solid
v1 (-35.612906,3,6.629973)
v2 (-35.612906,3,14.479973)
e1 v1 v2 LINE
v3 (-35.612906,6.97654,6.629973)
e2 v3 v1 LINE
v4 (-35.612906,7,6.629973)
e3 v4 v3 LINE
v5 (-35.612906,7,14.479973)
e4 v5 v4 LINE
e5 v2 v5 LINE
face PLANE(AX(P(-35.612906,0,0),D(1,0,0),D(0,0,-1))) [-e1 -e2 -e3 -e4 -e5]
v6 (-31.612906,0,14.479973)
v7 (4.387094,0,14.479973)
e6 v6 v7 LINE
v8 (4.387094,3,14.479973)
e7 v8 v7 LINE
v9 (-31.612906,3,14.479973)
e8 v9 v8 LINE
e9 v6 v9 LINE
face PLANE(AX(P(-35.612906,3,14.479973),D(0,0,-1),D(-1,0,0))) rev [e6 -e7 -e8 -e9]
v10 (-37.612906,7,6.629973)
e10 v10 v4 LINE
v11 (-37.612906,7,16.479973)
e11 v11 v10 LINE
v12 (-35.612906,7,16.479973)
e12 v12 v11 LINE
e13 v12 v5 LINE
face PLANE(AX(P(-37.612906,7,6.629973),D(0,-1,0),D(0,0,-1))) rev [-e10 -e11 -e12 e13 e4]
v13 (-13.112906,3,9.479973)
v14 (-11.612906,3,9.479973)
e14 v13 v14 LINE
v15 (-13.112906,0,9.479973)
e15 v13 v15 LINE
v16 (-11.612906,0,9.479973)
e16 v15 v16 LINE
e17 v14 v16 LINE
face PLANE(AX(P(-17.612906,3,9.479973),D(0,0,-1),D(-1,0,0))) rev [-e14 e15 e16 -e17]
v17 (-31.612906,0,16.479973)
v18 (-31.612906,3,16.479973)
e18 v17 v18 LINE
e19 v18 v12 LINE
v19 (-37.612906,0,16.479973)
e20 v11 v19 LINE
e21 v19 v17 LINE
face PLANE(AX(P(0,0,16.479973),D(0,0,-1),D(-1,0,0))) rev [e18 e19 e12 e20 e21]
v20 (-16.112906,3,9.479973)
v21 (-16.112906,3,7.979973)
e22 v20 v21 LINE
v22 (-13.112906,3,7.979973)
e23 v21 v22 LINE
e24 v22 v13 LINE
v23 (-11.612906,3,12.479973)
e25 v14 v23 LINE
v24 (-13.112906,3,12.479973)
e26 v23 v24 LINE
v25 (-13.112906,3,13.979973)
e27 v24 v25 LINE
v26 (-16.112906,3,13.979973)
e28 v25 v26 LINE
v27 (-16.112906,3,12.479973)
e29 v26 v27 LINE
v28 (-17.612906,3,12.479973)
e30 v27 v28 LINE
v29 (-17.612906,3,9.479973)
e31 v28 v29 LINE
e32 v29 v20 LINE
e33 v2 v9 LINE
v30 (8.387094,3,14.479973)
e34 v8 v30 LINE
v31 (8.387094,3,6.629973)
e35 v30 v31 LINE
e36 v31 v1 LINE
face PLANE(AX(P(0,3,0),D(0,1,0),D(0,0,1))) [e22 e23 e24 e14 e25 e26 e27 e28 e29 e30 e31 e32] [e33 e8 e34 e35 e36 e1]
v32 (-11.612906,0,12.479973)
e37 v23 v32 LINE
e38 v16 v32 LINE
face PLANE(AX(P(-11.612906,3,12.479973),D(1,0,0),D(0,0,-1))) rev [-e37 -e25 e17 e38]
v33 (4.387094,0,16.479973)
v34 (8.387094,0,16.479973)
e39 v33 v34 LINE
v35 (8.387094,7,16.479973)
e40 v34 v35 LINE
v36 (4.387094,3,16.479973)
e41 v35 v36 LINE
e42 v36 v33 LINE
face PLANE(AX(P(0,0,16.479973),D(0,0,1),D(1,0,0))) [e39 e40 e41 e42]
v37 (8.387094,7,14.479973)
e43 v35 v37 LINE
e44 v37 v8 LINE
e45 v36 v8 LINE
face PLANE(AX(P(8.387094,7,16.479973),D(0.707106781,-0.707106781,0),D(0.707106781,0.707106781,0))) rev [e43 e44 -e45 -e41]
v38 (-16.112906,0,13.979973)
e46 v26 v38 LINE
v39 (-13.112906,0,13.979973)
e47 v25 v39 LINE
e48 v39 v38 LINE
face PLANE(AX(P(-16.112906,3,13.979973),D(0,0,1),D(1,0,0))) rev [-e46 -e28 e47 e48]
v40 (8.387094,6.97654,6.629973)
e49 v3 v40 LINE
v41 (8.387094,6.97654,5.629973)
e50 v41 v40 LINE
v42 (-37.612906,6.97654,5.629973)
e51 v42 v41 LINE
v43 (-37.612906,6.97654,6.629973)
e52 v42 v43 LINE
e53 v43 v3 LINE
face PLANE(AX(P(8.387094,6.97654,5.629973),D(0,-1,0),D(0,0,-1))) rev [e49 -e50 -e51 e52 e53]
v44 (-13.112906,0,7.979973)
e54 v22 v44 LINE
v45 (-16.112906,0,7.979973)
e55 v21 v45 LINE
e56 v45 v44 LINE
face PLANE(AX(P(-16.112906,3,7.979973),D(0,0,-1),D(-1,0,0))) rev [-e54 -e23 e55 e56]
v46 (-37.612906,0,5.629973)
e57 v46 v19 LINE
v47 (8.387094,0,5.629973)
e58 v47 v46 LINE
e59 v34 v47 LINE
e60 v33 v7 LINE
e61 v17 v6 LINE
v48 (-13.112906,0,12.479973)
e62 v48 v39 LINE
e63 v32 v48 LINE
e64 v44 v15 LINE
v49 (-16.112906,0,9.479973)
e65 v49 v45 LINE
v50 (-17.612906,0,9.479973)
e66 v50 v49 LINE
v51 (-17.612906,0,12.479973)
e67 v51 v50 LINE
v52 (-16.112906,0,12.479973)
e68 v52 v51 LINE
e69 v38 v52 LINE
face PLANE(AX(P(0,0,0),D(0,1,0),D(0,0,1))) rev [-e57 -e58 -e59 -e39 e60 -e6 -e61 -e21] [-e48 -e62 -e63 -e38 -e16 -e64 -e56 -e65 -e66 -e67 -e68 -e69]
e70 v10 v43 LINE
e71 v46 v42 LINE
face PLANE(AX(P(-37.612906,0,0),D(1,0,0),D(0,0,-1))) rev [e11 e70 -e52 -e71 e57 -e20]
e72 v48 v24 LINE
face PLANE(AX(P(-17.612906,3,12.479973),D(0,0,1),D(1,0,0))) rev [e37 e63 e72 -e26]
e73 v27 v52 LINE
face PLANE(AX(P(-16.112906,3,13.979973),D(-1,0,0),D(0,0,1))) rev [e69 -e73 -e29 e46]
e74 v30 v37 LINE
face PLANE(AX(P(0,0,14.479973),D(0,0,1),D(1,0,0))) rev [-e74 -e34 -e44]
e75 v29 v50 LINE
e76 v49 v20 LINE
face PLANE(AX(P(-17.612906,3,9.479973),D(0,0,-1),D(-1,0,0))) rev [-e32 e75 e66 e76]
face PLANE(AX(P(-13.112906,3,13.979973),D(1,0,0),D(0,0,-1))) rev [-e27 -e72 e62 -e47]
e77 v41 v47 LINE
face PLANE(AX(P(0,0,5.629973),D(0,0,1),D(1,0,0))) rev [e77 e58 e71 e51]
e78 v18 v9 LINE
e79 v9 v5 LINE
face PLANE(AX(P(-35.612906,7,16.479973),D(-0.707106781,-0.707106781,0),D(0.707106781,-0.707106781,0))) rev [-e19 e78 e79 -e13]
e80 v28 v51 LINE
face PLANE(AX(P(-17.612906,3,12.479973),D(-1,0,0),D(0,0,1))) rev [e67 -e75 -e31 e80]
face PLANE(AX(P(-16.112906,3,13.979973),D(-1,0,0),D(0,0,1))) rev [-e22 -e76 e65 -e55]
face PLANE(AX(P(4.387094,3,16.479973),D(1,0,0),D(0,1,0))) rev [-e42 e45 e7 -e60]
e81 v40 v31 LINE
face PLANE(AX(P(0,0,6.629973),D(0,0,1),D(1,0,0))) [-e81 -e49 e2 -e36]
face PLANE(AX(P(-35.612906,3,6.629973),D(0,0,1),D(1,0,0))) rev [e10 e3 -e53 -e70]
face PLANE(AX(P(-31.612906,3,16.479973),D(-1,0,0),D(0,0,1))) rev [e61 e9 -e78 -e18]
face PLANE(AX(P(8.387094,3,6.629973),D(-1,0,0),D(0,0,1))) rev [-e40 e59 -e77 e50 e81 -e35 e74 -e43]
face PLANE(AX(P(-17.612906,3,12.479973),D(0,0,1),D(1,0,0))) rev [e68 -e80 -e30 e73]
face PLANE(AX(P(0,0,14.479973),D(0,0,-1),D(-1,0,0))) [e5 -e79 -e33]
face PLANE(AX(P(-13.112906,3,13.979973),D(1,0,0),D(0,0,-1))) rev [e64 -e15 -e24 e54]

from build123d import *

# Parameters (mm, degrees)
SKETCH_1_W          = 44
SKETCH_1_H          = 7.85
EXTRUDE_1_DEPTH     = 3
SKETCH_2_W          = 7.85
SKETCH_2_H          = 7
EXTRUDE_2_DEPTH     = 2
EXTRUDE_3_DEPTH     = 2
EXTRUDE_4_DEPTH     = 2
SKETCH_5_W          = 46
SKETCH_5_H          = 6.976539996
EXTRUDE_5_DEPTH     = 1
SKETCH_6_W          = 6
SKETCH_6_H          = 3
CUT_EXTRUDE_3_DEPTH = 3
SKETCH_8_W          = 3
SKETCH_8_H          = 6
CUT_EXTRUDE_4_DEPTH = 3


with BuildPart() as part:
    # 草图1 → 凸台-拉伸1 (new body)
    with BuildSketch(Plane(origin=(0, 0, 0), x_dir=(1, 0, 0), z_dir=(0, 1, 0))):
        with Locations((-13.612906347, -10.55497291)):
            Rectangle(SKETCH_1_W, SKETCH_1_H)
    extrude(amount=EXTRUDE_1_DEPTH)

    # 草图2 → 凸台-拉伸2 (add)
    with BuildSketch(Plane.ZY.offset(35.612906347)):
        with Locations((10.55497291, 3.5)):
            Rectangle(SKETCH_2_W, SKETCH_2_H)
    extrude(amount=EXTRUDE_2_DEPTH)

    # 草图3 → 凸台-拉伸3 (add)
    with BuildSketch(Plane.XY.offset(14.47997291)):
        Polygon((-35.612906347, 7), (-31.612906347, 3), (-31.612906347, 0), (-35.612906347, 0), (-37.612906347, 0), (-37.612906347, 7), align=None)
    extrude(amount=EXTRUDE_3_DEPTH)

    # 草图4 → 凸台-拉伸4 (add)
    with BuildSketch(Plane.XY.offset(14.47997291)):
        Polygon((8.387093653, 0), (8.387093653, 7), (4.387093653, 3), (4.387093653, 0), align=None)
    extrude(amount=EXTRUDE_4_DEPTH)

    # 草图5 → 凸台-拉伸5 (add)
    with BuildSketch(Plane(origin=(0, 0, 6.62997291), x_dir=(-1, 0, 0), z_dir=(0, 0, -1))):
        with Locations((14.612906347, 3.488269998)):
            Rectangle(SKETCH_5_W, SKETCH_5_H)
    extrude(amount=EXTRUDE_5_DEPTH)

    # 草图6 → 切除-拉伸3 (cut)
    with BuildSketch(Plane.XZ):
        with Locations((-14.612906347, 10.97997291)):
            Rectangle(SKETCH_6_W, SKETCH_6_H)
    extrude(amount=-CUT_EXTRUDE_3_DEPTH, mode=Mode.SUBTRACT)

    # 草图8 → 切除-拉伸4 (cut)
    with BuildSketch(Plane.XZ):
        with Locations((-14.612906347, 10.97997291)):
            Rectangle(SKETCH_8_W, SKETCH_8_H)
    extrude(amount=-CUT_EXTRUDE_4_DEPTH, mode=Mode.SUBTRACT)


solid = part.part
